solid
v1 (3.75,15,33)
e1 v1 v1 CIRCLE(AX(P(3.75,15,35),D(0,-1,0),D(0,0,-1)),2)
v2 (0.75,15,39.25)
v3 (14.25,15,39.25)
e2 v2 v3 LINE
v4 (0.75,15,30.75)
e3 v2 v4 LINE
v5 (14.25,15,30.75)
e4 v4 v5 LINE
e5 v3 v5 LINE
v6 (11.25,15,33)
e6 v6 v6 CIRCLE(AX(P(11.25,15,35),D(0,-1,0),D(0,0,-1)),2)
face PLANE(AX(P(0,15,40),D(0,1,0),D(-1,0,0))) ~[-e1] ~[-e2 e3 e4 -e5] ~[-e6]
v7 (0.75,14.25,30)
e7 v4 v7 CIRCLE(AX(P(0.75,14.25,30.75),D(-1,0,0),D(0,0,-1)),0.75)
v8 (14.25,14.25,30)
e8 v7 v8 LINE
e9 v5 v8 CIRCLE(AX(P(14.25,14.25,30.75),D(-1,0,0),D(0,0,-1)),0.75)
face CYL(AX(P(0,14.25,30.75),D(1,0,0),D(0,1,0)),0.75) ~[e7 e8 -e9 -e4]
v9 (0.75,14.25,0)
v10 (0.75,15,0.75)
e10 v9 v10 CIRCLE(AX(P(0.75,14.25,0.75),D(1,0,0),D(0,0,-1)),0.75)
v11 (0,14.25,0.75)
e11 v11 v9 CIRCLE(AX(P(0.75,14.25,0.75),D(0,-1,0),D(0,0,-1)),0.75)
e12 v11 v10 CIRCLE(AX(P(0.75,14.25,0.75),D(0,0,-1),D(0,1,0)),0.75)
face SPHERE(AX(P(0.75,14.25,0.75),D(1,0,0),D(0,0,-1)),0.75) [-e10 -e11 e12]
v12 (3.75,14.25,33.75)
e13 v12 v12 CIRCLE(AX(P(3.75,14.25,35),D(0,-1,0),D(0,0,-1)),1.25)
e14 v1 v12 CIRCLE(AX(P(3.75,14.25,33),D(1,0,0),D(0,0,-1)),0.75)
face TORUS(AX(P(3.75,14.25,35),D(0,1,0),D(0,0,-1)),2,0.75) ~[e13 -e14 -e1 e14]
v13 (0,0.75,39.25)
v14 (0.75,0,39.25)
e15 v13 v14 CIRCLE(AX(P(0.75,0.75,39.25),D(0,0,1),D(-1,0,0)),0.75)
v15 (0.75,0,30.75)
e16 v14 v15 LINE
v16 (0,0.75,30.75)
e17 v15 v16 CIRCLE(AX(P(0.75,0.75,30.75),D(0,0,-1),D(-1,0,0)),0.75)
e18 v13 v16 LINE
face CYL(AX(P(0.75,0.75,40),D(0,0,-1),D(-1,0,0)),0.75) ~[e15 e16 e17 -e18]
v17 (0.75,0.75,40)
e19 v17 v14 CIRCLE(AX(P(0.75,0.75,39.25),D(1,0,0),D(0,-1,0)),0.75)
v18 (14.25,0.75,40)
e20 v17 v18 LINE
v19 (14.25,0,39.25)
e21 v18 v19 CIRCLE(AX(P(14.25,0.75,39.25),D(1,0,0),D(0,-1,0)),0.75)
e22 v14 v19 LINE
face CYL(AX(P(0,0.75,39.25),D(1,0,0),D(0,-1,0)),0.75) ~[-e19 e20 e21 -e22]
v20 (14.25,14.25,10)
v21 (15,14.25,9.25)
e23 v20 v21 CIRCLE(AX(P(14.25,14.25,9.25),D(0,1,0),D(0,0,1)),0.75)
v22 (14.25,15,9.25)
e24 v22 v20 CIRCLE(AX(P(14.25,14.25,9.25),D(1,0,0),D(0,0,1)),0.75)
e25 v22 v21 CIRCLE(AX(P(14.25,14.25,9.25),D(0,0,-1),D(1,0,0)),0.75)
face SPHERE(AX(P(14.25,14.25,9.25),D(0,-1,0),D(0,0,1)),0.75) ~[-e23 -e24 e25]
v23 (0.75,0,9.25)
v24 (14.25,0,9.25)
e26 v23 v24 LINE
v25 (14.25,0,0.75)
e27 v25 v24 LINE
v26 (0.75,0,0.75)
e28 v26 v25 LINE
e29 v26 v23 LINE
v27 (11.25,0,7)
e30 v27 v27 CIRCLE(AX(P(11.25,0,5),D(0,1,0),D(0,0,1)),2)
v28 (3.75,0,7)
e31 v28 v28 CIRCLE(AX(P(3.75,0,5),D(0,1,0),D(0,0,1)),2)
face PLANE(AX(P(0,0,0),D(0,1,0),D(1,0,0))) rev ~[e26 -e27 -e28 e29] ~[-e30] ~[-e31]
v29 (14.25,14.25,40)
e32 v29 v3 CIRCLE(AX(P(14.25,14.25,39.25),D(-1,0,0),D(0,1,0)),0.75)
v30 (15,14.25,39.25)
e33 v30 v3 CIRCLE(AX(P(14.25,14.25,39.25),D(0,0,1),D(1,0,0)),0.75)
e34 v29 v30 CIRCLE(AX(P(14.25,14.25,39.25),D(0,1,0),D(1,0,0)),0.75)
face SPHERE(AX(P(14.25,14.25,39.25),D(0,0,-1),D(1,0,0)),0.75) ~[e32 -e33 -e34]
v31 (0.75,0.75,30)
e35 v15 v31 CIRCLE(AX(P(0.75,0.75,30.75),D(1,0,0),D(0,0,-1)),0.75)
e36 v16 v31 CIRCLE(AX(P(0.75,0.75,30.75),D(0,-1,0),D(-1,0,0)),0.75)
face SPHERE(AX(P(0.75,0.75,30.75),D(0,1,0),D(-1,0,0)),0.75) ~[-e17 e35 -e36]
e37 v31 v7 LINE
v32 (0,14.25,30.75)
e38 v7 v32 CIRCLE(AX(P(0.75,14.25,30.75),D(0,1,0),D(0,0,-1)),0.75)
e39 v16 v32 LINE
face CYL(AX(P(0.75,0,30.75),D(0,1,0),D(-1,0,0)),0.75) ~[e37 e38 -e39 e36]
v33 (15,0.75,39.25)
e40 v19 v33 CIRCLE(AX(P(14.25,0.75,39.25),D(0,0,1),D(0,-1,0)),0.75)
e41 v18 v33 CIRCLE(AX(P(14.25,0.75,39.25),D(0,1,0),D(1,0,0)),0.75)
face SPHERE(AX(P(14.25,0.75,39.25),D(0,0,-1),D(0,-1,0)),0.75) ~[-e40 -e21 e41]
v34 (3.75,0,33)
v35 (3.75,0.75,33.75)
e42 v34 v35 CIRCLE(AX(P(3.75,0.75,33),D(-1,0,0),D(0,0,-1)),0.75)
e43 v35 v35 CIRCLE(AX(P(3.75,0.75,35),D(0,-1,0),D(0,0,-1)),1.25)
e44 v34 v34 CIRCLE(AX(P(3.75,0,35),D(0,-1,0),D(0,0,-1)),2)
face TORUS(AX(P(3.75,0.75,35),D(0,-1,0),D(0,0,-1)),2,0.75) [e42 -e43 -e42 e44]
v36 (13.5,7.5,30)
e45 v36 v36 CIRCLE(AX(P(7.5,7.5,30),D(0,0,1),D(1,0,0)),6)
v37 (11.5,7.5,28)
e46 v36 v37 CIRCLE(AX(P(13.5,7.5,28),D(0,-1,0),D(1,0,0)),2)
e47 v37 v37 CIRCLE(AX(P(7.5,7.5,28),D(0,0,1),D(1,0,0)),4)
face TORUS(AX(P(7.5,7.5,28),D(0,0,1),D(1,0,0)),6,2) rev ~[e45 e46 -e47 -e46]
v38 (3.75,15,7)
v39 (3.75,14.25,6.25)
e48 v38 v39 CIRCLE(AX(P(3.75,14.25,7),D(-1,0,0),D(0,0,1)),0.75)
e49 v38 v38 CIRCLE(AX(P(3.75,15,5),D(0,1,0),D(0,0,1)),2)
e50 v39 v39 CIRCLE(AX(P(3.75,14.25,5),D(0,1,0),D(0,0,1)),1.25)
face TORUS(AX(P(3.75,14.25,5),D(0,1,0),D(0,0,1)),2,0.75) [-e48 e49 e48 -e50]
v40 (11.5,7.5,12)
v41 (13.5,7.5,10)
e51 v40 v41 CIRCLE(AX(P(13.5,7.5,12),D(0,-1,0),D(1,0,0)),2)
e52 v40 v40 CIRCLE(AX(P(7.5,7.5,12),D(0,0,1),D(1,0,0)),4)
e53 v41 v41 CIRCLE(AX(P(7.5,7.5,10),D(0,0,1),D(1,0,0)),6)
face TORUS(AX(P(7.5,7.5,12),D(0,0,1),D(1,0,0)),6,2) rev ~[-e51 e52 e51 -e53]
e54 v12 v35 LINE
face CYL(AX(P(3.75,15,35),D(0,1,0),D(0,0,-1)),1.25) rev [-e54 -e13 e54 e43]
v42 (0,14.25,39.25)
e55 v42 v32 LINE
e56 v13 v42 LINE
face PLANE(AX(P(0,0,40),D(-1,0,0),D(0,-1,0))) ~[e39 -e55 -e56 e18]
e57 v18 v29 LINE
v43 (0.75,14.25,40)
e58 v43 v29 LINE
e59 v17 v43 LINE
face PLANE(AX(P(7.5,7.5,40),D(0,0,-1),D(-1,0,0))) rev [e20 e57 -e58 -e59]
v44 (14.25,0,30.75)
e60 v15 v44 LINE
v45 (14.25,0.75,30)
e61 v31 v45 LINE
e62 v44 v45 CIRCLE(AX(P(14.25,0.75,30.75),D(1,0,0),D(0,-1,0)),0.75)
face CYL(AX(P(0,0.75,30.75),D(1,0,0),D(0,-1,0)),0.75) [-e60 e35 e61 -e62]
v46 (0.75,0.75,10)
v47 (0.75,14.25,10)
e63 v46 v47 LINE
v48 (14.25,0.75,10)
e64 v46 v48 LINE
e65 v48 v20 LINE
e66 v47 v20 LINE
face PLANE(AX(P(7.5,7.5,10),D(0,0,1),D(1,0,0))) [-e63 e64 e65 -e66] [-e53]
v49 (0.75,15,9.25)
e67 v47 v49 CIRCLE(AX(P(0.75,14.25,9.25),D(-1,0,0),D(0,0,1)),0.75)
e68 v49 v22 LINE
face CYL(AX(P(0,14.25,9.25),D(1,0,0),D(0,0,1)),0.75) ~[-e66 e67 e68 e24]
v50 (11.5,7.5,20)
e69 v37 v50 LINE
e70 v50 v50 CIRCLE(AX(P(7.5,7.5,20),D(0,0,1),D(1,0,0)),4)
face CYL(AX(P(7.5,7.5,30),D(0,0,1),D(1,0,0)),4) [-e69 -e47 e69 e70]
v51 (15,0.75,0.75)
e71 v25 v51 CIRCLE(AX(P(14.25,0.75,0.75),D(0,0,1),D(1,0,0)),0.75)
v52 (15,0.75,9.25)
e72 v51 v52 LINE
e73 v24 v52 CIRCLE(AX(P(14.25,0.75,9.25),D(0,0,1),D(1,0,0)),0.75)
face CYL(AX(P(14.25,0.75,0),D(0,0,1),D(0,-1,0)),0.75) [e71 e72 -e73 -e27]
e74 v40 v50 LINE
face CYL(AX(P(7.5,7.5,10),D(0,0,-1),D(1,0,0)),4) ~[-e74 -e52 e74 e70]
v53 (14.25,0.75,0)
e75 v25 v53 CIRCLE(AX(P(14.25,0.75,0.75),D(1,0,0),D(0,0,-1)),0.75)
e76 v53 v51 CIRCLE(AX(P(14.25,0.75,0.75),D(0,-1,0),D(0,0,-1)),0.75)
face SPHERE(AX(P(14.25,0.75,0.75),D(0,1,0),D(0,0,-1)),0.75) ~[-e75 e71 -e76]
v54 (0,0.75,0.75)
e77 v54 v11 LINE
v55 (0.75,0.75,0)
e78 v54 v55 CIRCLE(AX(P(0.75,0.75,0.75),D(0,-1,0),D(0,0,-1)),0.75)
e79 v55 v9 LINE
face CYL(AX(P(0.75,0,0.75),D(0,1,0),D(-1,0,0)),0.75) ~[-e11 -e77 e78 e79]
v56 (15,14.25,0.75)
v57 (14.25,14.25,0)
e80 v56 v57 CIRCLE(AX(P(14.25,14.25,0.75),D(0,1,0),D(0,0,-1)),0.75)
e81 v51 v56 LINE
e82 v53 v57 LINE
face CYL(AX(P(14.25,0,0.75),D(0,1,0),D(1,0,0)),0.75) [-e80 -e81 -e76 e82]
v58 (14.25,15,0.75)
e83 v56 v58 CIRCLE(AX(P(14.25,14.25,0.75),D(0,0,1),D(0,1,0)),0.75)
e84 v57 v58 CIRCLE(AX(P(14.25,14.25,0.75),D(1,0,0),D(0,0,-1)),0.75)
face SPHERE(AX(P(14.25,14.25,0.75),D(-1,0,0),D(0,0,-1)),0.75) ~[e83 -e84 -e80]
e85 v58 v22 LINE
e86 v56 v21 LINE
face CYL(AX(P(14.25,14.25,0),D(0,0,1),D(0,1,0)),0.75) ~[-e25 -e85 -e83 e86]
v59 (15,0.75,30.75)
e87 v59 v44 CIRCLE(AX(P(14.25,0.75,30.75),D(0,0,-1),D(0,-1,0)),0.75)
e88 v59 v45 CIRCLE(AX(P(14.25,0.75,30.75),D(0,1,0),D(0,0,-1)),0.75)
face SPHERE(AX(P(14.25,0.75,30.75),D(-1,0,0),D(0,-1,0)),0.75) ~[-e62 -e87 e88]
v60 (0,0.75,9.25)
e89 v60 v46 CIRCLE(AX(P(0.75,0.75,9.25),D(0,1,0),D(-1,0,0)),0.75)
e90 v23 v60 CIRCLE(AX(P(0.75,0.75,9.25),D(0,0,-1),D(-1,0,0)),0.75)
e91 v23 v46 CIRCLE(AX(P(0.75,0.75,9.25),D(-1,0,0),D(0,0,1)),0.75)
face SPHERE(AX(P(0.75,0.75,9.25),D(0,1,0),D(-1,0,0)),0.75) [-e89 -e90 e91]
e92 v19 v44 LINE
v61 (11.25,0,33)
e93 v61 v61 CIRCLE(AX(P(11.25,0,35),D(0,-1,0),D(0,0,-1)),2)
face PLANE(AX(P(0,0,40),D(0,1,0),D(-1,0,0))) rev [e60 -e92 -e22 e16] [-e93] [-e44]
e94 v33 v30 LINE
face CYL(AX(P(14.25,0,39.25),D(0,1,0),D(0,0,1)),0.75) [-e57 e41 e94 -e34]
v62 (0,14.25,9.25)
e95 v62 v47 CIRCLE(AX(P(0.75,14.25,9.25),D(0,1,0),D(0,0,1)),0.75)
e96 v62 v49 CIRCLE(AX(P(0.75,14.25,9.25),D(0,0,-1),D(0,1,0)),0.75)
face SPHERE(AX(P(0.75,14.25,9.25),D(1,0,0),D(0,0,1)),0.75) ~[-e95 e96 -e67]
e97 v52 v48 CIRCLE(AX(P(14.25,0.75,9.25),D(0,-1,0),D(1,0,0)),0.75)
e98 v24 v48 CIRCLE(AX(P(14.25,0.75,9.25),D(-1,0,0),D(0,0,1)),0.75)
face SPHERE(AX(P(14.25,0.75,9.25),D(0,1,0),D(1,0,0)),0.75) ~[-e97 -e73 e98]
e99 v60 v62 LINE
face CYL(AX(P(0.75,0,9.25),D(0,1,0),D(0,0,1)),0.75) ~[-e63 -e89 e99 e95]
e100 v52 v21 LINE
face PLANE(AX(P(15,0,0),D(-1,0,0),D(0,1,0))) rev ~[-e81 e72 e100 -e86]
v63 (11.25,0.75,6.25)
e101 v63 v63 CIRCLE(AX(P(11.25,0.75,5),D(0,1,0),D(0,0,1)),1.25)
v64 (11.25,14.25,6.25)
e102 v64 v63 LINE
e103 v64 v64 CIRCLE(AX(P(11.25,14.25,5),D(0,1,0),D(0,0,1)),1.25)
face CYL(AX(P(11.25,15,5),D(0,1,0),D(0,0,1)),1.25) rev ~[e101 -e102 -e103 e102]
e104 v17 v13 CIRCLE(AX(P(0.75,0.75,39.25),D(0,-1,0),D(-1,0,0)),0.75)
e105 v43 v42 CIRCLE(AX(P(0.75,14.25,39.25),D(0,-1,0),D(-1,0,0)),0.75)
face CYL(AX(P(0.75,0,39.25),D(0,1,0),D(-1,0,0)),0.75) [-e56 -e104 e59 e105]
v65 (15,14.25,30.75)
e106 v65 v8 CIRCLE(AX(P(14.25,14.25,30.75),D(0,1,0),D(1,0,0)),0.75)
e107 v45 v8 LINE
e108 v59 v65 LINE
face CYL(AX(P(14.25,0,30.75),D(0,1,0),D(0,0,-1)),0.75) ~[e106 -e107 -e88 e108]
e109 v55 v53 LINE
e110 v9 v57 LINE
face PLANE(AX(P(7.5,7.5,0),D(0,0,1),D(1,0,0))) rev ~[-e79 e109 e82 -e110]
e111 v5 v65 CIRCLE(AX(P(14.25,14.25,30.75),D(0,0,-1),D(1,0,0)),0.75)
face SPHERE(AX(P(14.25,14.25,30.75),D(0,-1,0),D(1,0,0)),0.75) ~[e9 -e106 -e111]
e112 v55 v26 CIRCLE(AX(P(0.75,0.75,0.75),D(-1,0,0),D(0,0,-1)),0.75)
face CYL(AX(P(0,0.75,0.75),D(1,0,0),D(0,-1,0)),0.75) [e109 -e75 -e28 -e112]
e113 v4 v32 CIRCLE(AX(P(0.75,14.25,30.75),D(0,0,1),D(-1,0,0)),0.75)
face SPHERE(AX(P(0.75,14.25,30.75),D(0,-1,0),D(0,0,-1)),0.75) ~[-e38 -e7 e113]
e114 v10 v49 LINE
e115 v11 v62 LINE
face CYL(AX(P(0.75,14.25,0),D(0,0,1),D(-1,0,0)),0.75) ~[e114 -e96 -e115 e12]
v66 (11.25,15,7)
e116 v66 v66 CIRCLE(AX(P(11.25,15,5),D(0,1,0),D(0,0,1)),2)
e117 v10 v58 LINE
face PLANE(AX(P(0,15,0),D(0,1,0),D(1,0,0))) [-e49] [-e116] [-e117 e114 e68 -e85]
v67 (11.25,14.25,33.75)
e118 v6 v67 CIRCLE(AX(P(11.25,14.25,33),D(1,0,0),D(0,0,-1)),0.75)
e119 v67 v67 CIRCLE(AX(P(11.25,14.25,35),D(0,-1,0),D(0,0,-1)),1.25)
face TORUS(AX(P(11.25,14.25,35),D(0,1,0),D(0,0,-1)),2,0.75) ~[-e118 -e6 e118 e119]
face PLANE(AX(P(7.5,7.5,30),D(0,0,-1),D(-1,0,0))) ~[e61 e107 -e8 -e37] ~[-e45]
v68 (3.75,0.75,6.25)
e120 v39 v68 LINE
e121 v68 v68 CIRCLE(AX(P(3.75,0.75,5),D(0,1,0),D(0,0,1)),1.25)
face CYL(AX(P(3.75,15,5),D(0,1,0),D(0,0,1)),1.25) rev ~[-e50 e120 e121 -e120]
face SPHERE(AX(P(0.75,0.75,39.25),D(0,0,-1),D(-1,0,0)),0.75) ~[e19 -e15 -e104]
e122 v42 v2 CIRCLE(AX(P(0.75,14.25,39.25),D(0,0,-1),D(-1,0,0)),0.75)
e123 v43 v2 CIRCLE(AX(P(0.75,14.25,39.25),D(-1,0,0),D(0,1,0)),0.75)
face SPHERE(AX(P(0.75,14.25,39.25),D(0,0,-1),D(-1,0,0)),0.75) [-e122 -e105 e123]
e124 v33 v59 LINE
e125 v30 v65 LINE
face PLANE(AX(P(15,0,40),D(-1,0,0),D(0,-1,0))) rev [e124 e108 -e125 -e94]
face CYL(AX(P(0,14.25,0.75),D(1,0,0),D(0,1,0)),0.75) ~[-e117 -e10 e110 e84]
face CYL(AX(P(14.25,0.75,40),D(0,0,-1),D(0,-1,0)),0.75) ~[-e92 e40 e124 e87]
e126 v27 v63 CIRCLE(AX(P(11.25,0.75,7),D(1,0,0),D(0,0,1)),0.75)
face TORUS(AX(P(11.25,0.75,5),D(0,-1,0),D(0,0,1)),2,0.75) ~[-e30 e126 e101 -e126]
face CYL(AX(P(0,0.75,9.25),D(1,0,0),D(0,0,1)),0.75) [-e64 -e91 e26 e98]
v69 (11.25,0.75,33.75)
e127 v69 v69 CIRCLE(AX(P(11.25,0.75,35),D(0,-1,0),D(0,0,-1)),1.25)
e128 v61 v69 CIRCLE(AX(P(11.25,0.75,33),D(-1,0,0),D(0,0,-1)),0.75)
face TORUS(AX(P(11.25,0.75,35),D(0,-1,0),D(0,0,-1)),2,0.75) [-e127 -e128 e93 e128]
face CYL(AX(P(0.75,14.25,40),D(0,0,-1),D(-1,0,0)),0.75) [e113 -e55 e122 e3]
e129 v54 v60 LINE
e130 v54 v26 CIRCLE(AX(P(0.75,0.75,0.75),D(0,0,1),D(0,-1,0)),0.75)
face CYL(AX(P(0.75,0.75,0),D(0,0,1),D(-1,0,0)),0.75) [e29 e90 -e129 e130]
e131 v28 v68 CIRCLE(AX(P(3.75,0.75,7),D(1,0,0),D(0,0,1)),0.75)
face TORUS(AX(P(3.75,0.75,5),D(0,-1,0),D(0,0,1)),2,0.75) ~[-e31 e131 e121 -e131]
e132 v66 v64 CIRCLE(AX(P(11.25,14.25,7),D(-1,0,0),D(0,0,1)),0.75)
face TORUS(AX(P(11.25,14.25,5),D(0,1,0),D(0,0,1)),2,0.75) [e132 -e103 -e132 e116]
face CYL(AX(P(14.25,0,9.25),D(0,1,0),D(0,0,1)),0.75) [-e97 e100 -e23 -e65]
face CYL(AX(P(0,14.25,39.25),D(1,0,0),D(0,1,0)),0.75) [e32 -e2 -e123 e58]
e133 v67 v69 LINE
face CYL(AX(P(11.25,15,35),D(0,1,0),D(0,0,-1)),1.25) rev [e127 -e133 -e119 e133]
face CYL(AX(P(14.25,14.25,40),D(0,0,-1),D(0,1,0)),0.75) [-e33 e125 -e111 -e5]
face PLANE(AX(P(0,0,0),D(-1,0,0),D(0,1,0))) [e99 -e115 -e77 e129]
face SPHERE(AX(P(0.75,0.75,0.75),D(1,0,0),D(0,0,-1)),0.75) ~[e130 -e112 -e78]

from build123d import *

# Parameters (mm, degrees)
CROQUIS1_W              = 15
CROQUIS1_H              = 15
SALIENTE_EXTRUIR1_DEPTH = 10
CROQUIS2_R              = 4
SALIENTE_EXTRUIR2_DEPTH = 10
CROQUIS3_R              = 1.25
CORTAR_EXTRUIR1_DEPTH   = 30.154759474
REDONDEO1_R             = 0.75
REDONDEO2_R             = 2


with BuildPart() as part:
    # Croquis1 → Saliente-Extruir1 (new body)
    with BuildSketch(Plane.XY):
        with Locations((7.5, 7.5)):
            Rectangle(CROQUIS1_W, CROQUIS1_H)
    extrude(amount=SALIENTE_EXTRUIR1_DEPTH)

    # Croquis2 → Saliente-Extruir2 (add)
    with BuildSketch(Plane.XY.offset(10)):
        with Locations((7.5, 7.5)):
            Circle(CROQUIS2_R)
    extrude(amount=SALIENTE_EXTRUIR2_DEPTH)

    # Croquis3 → Cortar-Extruir1 (cut, through all)
    with BuildSketch(Plane(origin=(0, 15, 0), x_dir=(1, 0, 0), z_dir=(0, 1, 0))):
        with Locations(Location((3.75, -5, 0), (0, 0, 270))):
            Circle(CROQUIS3_R)
        with Locations(Location((11.25, -5, 0), (0, 0, 270))):
            Circle(CROQUIS3_R)
    extrude(amount=-CORTAR_EXTRUIR1_DEPTH, mode=Mode.SUBTRACT)

    # Simetría1: part across plane


with BuildPart() as part_1:
    add(part.part)
    add(part.part.mirror(Plane(origin=(7.5, 7.5, 20), x_dir=(1, 0, 0), z_dir=(0, 0, 1))))

    # Redondeo1
    redondeo1_edges = [part_1.edges().sort_by_distance(p)[0] for p in [
        (15, 7.5, 10),
        (7.5, 15, 10),
        (3.75, 0, 3.75),
        (3.75, 15, 3.75),
        (11.25, 0, 3.75),
        (11.25, 15, 3.75),
        (0, 7.5, 30),
        (0, 0, 35),
        (7.5, 0, 30),
        (15, 0, 35),
        (15, 7.5, 30),
        (15, 15, 35),
        (3.75, 15, 36.25),
        (11.25, 15, 36.25),
        (7.5, 15, 30),
        (0, 15, 35),
        (0, 7.5, 40),
        (7.5, 0, 40),
        (15, 7.5, 40),
        (7.5, 15, 40),
        (11.25, 0, 36.25),
        (3.75, 0, 36.25),
        (0, 7.5, 10),
        (7.5, 15, 0),
        (15, 7.5, 0),
        (7.5, 0, 0),
        (0, 7.5, 0),
        (0, 15, 5),
        (15, 15, 5),
        (15, 0, 5),
        (0, 0, 5),
        (7.5, 0, 10),
    ]]
    fillet(redondeo1_edges, radius=REDONDEO1_R)

    # Redondeo2
    redondeo2_edges = [part_1.edges().sort_by_distance(p)[0] for p in [
        (3.5, 7.5, 10),
        (3.5, 7.5, 30),
    ]]
    fillet(redondeo2_edges, radius=REDONDEO2_R)


solid = part_1.part
